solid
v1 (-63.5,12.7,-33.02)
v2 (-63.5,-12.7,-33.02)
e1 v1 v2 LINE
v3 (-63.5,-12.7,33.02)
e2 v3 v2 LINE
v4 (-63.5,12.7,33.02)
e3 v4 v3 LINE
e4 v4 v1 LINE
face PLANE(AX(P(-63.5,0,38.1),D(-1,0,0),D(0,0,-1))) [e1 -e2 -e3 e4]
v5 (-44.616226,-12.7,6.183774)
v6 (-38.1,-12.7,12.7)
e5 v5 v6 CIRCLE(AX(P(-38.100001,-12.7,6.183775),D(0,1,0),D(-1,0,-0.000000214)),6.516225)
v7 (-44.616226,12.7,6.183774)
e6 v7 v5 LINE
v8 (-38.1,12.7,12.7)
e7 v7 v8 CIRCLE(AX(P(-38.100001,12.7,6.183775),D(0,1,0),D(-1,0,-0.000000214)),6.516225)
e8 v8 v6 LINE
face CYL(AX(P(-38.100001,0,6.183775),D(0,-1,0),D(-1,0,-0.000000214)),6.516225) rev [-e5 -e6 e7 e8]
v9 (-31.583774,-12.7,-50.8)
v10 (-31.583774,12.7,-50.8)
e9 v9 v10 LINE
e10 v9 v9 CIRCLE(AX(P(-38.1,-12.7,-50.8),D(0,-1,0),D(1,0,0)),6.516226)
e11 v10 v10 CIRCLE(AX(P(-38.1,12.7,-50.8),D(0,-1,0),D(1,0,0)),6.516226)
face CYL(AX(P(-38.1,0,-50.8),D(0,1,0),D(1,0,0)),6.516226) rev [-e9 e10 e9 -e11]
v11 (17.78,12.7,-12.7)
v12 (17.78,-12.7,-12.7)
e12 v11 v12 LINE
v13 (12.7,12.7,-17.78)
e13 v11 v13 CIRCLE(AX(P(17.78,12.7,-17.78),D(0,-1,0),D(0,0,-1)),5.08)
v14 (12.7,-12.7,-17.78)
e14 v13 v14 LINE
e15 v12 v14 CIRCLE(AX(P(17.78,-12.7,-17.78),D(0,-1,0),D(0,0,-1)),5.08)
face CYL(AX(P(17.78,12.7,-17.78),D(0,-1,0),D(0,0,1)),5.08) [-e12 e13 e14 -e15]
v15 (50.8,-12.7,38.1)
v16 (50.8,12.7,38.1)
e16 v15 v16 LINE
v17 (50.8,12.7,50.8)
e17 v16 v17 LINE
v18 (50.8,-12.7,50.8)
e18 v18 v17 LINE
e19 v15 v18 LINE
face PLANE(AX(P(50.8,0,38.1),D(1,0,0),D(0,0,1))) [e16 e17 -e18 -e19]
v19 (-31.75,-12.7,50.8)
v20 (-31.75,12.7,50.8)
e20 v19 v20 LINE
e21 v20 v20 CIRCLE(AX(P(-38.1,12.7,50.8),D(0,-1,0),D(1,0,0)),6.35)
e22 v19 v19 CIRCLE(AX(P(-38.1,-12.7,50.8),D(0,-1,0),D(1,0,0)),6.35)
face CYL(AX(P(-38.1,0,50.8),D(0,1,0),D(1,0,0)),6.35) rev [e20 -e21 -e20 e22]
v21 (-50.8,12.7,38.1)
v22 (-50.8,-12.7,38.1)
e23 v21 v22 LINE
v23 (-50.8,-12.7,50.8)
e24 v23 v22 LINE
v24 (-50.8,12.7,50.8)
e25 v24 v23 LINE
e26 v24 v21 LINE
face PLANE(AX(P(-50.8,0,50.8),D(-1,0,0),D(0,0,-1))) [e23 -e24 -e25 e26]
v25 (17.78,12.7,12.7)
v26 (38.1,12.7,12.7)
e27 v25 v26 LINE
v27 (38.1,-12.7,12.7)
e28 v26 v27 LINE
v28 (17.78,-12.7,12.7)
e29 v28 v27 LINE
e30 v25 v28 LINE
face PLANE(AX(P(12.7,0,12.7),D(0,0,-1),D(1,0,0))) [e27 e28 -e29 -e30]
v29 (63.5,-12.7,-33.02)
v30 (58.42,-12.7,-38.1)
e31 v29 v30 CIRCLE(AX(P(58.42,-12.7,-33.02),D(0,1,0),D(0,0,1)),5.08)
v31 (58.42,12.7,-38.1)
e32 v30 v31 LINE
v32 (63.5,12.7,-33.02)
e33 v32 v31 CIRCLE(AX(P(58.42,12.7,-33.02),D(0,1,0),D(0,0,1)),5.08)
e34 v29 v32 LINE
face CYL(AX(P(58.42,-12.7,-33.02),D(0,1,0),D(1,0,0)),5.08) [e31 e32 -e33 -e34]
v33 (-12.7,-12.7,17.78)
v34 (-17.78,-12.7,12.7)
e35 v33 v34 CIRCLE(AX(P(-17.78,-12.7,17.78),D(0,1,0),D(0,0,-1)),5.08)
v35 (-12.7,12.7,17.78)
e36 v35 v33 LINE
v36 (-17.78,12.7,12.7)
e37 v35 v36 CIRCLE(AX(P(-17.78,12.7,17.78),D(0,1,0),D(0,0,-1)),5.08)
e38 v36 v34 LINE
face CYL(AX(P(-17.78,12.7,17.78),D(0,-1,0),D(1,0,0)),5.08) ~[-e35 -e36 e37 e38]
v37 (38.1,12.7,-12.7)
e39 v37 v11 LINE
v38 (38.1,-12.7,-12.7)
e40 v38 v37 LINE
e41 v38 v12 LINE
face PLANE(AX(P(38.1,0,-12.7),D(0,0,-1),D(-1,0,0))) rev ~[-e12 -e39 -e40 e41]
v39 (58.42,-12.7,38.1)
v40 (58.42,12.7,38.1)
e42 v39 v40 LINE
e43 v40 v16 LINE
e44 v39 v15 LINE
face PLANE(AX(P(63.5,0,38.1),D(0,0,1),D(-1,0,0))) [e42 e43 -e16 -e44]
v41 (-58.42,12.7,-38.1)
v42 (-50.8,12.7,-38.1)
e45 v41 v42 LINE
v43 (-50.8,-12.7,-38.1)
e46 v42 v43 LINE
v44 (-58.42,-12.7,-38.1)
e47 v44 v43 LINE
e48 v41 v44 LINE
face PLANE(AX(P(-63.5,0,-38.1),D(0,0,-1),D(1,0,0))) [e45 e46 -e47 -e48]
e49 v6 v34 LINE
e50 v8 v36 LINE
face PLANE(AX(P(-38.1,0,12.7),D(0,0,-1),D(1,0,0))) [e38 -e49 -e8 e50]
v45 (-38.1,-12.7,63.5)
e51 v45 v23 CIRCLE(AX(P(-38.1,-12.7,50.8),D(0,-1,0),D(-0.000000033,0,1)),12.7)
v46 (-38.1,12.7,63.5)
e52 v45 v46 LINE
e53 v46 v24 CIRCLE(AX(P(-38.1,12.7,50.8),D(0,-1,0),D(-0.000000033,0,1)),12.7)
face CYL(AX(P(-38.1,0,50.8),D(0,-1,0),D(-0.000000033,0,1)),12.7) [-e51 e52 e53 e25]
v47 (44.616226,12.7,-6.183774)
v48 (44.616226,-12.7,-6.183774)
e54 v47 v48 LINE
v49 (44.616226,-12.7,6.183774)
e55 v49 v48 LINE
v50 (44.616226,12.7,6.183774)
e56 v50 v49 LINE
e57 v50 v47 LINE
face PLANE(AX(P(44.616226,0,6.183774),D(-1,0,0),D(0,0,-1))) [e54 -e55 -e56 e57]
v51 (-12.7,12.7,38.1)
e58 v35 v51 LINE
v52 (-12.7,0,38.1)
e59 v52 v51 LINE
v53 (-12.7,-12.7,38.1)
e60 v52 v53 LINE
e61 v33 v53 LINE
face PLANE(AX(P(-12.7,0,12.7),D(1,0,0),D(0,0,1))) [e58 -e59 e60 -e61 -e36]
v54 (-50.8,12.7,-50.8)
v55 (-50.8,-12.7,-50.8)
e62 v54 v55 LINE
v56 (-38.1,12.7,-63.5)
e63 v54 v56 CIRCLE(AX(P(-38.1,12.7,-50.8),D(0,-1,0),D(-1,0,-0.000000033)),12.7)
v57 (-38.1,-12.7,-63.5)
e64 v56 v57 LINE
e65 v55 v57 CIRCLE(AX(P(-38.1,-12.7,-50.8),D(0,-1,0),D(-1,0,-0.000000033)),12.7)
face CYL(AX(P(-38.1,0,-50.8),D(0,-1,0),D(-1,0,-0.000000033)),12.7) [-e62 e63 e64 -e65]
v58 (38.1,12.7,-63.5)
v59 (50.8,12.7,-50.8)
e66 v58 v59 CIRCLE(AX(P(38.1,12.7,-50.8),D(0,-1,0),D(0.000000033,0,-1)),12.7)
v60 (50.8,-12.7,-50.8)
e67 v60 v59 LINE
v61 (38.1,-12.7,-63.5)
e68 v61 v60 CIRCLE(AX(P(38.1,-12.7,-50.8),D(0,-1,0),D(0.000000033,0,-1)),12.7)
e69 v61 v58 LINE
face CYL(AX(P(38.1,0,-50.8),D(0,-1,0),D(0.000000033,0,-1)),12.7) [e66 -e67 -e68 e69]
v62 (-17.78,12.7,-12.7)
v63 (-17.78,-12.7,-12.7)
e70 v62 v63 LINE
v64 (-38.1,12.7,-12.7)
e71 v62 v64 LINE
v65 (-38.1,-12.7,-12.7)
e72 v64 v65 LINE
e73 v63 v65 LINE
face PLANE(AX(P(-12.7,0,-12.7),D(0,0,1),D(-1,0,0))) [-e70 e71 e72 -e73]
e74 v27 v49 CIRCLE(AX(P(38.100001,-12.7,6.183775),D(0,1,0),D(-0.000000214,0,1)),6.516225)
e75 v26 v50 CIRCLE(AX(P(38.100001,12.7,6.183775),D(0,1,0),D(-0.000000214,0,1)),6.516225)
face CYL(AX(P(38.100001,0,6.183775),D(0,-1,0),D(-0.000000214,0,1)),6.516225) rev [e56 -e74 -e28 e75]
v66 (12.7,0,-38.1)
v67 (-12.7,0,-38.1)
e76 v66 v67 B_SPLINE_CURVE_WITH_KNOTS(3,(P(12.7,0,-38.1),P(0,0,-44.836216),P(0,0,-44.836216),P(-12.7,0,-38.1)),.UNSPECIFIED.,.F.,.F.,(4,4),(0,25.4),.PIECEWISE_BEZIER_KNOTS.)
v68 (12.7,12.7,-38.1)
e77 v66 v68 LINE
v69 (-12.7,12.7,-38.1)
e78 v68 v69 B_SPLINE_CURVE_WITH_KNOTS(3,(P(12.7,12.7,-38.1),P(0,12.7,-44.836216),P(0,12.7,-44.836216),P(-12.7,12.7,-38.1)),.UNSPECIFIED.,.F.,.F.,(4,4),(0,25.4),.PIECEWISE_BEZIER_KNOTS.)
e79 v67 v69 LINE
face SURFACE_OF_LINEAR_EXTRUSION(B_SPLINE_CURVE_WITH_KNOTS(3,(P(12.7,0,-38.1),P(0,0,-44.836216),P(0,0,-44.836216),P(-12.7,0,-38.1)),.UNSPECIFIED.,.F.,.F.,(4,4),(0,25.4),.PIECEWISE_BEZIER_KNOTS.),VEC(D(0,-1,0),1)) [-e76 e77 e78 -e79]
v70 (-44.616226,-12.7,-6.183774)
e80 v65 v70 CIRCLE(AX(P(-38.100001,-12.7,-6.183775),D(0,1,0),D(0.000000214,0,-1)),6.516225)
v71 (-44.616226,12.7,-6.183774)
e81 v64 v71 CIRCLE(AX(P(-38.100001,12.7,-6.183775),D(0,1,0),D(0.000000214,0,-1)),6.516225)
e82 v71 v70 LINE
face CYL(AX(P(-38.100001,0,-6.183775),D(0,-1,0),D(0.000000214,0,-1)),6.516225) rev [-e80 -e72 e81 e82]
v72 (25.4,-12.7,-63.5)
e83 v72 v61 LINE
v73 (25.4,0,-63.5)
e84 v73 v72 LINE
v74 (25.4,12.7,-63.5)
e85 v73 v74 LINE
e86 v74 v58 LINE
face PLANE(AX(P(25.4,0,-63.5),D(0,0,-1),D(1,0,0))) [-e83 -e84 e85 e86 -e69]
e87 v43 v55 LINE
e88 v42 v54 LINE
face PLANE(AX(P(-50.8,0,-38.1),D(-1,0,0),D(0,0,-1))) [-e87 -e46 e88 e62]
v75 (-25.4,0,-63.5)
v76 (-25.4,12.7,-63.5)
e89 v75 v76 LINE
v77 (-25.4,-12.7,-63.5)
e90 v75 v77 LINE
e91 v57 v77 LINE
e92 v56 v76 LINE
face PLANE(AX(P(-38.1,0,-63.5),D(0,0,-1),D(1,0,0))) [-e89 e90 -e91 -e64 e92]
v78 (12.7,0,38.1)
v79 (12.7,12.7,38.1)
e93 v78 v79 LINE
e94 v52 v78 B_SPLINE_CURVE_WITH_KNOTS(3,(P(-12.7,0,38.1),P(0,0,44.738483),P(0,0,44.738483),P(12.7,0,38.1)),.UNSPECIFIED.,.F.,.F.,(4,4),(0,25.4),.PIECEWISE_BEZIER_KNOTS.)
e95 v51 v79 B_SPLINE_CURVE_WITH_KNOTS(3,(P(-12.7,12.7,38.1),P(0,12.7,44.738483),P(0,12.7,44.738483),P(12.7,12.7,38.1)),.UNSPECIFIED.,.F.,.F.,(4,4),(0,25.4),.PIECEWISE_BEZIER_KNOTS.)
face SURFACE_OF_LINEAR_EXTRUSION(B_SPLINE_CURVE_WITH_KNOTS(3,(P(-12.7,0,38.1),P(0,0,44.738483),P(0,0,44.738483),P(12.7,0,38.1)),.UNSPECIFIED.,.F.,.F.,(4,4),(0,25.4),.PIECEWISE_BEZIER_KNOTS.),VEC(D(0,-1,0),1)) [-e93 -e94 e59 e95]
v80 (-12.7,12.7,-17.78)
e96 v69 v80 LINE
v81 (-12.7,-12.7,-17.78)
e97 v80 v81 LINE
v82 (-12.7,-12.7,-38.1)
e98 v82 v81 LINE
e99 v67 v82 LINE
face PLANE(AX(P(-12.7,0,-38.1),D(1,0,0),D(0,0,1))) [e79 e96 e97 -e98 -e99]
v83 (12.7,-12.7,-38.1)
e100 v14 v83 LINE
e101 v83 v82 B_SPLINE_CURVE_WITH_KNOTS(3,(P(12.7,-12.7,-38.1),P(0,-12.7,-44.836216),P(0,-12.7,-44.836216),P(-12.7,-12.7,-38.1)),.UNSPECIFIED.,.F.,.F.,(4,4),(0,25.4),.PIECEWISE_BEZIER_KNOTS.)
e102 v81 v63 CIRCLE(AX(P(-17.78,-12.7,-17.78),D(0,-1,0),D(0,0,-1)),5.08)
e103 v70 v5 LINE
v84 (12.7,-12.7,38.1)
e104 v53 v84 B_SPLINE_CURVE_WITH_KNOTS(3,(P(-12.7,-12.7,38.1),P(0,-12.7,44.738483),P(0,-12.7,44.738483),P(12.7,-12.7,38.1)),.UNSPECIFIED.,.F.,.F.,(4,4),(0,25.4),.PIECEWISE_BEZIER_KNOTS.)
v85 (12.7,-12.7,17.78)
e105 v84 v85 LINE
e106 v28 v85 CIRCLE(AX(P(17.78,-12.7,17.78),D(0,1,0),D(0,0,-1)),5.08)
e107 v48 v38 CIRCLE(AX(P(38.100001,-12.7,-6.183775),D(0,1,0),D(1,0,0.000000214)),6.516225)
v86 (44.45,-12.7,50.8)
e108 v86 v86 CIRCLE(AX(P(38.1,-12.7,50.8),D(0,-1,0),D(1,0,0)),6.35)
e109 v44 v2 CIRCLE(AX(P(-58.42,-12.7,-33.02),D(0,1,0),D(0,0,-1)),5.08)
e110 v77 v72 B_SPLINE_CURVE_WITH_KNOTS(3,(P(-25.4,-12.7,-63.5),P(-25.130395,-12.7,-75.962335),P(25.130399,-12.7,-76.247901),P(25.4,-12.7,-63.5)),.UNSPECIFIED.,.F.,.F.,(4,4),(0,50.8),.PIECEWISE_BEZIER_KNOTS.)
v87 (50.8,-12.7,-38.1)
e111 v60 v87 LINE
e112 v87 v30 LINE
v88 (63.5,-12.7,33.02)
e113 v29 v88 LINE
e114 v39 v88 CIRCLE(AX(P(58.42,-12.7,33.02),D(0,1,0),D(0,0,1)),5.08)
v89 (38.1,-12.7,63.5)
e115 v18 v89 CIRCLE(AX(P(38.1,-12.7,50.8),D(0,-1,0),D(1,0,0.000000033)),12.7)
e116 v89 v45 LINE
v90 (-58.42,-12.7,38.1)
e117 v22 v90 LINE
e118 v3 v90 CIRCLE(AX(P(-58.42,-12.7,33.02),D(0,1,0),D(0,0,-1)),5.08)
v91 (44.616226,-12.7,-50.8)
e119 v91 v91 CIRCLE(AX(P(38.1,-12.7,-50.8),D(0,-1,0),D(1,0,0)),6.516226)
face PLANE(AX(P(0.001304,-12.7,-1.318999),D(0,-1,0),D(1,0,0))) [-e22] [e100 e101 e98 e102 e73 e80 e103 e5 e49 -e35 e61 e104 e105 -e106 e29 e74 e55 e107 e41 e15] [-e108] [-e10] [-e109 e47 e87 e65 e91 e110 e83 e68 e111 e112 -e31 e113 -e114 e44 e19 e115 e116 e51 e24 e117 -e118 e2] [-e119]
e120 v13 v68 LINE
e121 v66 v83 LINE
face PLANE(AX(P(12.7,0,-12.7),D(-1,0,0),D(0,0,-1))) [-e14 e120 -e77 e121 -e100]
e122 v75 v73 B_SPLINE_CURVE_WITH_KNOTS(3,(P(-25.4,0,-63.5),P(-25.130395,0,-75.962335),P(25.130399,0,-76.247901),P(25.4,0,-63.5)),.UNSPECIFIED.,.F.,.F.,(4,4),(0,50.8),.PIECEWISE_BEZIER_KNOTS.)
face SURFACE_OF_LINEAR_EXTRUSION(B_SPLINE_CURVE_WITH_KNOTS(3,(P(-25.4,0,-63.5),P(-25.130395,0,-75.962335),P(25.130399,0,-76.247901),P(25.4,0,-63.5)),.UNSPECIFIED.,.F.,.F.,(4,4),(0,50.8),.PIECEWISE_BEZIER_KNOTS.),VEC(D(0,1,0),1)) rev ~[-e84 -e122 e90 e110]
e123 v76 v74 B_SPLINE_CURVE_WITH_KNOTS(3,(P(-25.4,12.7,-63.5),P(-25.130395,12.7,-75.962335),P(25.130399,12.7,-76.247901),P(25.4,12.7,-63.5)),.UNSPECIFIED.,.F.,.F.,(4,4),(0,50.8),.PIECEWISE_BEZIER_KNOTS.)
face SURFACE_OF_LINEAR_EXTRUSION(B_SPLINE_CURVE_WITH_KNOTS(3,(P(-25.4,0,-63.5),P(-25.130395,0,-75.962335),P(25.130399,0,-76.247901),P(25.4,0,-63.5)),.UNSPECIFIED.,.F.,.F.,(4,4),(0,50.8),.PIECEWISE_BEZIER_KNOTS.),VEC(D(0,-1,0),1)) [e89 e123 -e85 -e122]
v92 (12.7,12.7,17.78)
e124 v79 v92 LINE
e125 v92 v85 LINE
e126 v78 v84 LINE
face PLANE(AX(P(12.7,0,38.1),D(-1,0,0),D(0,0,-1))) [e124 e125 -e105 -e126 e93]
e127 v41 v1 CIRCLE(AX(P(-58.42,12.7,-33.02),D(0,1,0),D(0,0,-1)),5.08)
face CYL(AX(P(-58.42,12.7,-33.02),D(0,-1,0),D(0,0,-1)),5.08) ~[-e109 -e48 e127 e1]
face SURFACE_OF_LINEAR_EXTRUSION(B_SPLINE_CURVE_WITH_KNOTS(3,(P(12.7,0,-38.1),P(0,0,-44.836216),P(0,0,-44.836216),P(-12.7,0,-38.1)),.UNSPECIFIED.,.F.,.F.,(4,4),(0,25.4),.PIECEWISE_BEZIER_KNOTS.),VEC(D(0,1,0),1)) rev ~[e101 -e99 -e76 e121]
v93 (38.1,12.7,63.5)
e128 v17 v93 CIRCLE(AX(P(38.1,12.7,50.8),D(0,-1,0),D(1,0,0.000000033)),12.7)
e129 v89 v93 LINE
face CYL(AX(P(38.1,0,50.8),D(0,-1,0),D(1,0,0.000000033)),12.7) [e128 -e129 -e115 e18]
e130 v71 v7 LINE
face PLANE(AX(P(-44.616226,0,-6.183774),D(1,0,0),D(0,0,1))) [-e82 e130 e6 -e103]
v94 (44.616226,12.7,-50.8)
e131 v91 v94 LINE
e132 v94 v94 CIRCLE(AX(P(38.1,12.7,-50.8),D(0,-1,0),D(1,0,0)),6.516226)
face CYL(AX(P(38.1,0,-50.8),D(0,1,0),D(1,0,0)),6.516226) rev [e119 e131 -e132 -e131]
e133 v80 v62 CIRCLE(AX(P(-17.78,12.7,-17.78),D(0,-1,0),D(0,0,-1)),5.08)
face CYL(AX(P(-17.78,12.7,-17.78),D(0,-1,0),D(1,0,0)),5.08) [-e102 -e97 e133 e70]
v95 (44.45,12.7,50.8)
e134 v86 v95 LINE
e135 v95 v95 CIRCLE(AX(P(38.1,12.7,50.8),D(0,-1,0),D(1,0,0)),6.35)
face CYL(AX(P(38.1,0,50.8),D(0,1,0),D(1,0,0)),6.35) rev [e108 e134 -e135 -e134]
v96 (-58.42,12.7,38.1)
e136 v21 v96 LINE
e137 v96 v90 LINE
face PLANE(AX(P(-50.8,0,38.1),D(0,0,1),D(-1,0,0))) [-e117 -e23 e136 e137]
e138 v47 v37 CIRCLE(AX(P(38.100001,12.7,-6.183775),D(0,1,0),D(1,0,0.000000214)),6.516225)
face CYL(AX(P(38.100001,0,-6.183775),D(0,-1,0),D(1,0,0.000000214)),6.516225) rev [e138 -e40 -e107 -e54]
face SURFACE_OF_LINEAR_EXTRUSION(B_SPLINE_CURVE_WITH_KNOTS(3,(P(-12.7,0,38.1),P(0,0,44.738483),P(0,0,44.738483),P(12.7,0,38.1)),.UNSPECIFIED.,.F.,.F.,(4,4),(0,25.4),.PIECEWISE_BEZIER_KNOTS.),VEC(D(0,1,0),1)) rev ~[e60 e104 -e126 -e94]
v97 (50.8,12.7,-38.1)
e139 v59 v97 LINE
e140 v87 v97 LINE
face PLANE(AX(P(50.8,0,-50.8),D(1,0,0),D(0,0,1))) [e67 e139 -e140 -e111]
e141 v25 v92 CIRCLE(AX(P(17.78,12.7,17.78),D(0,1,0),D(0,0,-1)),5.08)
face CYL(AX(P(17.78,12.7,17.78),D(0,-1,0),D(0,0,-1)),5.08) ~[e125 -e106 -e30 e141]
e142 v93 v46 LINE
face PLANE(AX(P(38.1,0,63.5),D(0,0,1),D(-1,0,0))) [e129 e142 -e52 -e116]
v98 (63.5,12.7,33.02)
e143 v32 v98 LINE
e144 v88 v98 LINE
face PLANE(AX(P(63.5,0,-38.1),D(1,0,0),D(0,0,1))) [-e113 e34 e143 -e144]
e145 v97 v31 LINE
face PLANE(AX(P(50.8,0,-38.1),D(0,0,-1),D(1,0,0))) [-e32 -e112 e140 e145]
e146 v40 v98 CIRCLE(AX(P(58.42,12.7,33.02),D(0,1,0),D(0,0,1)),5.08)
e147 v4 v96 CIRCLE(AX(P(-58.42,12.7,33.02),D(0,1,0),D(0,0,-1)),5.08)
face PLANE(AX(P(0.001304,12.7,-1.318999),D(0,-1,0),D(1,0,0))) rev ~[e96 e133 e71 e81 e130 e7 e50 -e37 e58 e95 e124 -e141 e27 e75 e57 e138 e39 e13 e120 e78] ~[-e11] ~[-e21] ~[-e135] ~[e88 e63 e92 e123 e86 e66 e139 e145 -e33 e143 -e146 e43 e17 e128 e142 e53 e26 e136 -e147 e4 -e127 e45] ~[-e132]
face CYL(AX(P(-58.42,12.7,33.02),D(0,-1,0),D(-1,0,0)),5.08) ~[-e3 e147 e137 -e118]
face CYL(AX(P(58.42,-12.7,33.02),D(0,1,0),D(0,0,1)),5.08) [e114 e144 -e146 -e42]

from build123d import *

# Parameters (mm, degrees)
F0_R     = 6.516226
F0_R_2   = 6.35
F1_DEPTH = 12.7
F2_R     = 5.08


with BuildPart() as f1:
    # F0 (on Front) → F1 (new body, symmetric)
    with BuildSketch(Plane.XZ):
        with BuildLine():
            Line((0, 63.5), (-38.1, 63.5))
            ThreePointArc((-38.1, 63.5), (-47.080256, 59.780256), (-50.8, 50.8))
            Line((-50.8, 50.8), (-50.8, 38.1))
            Line((-50.8, 38.1), (-63.5, 38.1))
            Line((-63.5, 38.1), (-63.5, -38.1))
            Line((-63.5, -38.1), (-50.8, -38.1))
            Line((-50.8, -38.1), (-50.8, -50.8))
            ThreePointArc((-50.8, -50.8), (-47.080256, -59.780256), (-38.1, -63.5))
            Line((-38.1, -63.5), (-25.4, -63.5))
            add(Edge.make_bspline(
                [(-25.4, -63.5), (-25.130395, -75.962335), (25.130399, -76.247901), (25.4, -63.5)],
                knots=[0, 0, 0, 0, 50.8, 50.8, 50.8, 50.8], degree=3))
            Line((25.4, -63.5), (38.1, -63.5))
            ThreePointArc((38.1, -63.5), (47.080256, -59.780256), (50.8, -50.8))
            Line((50.8, -50.8), (50.8, -38.1))
            Line((50.8, -38.1), (63.5, -38.1))
            Line((63.5, -38.1), (63.5, 38.1))
            Line((63.5, 38.1), (50.8, 38.1))
            Line((50.8, 38.1), (50.8, 50.8))
            ThreePointArc((50.8, 50.8), (47.080256, 59.780256), (38.1, 63.5))
            Line((38.1, 63.5), (0, 63.5))
        make_face()
        with Locations((-38.1, -50.8)):
            Circle(F0_R, mode=Mode.SUBTRACT)
        with Locations((38.1, -50.8)):
            Circle(F0_R, mode=Mode.SUBTRACT)
        with Locations((-38.1, 50.8)):
            Circle(F0_R_2, mode=Mode.SUBTRACT)
        with BuildLine():
            Line((-12.7, 12.7), (-12.7, 38.1))
            add(Edge.make_bspline(
                [(-12.7, 38.1), (0, 44.738483), (0, 44.738483), (12.7, 38.1)],
                knots=[0, 0, 0, 0, 25.4, 25.4, 25.4, 25.4], degree=3))
            Line((12.7, 38.1), (12.7, 12.7))
            Line((12.7, 12.7), (38.1, 12.7))
            ThreePointArc((38.1, 12.7), (42.707668, 10.791442), (44.616226, 6.183774))
            Line((44.616226, 6.183774), (44.616226, -6.183774))
            ThreePointArc((44.616226, -6.183774), (42.707668, -10.791442), (38.1, -12.7))
            Line((38.1, -12.7), (12.7, -12.7))
            Line((12.7, -12.7), (12.7, -38.1))
            add(Edge.make_bspline(
                [(12.7, -38.1), (0, -44.836216), (0, -44.836216), (-12.7, -38.1)],
                knots=[0, 0, 0, 0, 25.4, 25.4, 25.4, 25.4], degree=3))
            Line((-12.7, -38.1), (-12.7, -12.7))
            Line((-12.7, -12.7), (-38.1, -12.7))
            ThreePointArc((-38.1, -12.7), (-42.707668, -10.791442), (-44.616226, -6.183774))
            Line((-44.616226, -6.183774), (-44.616226, 6.183774))
            ThreePointArc((-44.616226, 6.183774), (-42.707668, 10.791442), (-38.1, 12.7))
            Line((-38.1, 12.7), (-12.7, 12.7))
        make_face(mode=Mode.SUBTRACT)
        with Locations((38.1, 50.8)):
            Circle(F0_R_2, mode=Mode.SUBTRACT)
    extrude(amount=F1_DEPTH, both=True)

    # F2
    f2_edges = [f1.edges().sort_by_distance(p)[0] for p in [
        (12.7, 0, 12.7),
        (-12.7, 0, 12.7),
        (12.7, 0, -12.7),
        (-12.7, 0, -12.7),
        (-63.5, 0, 38.1),
        (-63.5, 0, -38.1),
        (63.5, 0, -38.1),
        (63.5, 0, 38.1),
    ]]
    fillet(f2_edges, radius=F2_R)


solid = f1.part
